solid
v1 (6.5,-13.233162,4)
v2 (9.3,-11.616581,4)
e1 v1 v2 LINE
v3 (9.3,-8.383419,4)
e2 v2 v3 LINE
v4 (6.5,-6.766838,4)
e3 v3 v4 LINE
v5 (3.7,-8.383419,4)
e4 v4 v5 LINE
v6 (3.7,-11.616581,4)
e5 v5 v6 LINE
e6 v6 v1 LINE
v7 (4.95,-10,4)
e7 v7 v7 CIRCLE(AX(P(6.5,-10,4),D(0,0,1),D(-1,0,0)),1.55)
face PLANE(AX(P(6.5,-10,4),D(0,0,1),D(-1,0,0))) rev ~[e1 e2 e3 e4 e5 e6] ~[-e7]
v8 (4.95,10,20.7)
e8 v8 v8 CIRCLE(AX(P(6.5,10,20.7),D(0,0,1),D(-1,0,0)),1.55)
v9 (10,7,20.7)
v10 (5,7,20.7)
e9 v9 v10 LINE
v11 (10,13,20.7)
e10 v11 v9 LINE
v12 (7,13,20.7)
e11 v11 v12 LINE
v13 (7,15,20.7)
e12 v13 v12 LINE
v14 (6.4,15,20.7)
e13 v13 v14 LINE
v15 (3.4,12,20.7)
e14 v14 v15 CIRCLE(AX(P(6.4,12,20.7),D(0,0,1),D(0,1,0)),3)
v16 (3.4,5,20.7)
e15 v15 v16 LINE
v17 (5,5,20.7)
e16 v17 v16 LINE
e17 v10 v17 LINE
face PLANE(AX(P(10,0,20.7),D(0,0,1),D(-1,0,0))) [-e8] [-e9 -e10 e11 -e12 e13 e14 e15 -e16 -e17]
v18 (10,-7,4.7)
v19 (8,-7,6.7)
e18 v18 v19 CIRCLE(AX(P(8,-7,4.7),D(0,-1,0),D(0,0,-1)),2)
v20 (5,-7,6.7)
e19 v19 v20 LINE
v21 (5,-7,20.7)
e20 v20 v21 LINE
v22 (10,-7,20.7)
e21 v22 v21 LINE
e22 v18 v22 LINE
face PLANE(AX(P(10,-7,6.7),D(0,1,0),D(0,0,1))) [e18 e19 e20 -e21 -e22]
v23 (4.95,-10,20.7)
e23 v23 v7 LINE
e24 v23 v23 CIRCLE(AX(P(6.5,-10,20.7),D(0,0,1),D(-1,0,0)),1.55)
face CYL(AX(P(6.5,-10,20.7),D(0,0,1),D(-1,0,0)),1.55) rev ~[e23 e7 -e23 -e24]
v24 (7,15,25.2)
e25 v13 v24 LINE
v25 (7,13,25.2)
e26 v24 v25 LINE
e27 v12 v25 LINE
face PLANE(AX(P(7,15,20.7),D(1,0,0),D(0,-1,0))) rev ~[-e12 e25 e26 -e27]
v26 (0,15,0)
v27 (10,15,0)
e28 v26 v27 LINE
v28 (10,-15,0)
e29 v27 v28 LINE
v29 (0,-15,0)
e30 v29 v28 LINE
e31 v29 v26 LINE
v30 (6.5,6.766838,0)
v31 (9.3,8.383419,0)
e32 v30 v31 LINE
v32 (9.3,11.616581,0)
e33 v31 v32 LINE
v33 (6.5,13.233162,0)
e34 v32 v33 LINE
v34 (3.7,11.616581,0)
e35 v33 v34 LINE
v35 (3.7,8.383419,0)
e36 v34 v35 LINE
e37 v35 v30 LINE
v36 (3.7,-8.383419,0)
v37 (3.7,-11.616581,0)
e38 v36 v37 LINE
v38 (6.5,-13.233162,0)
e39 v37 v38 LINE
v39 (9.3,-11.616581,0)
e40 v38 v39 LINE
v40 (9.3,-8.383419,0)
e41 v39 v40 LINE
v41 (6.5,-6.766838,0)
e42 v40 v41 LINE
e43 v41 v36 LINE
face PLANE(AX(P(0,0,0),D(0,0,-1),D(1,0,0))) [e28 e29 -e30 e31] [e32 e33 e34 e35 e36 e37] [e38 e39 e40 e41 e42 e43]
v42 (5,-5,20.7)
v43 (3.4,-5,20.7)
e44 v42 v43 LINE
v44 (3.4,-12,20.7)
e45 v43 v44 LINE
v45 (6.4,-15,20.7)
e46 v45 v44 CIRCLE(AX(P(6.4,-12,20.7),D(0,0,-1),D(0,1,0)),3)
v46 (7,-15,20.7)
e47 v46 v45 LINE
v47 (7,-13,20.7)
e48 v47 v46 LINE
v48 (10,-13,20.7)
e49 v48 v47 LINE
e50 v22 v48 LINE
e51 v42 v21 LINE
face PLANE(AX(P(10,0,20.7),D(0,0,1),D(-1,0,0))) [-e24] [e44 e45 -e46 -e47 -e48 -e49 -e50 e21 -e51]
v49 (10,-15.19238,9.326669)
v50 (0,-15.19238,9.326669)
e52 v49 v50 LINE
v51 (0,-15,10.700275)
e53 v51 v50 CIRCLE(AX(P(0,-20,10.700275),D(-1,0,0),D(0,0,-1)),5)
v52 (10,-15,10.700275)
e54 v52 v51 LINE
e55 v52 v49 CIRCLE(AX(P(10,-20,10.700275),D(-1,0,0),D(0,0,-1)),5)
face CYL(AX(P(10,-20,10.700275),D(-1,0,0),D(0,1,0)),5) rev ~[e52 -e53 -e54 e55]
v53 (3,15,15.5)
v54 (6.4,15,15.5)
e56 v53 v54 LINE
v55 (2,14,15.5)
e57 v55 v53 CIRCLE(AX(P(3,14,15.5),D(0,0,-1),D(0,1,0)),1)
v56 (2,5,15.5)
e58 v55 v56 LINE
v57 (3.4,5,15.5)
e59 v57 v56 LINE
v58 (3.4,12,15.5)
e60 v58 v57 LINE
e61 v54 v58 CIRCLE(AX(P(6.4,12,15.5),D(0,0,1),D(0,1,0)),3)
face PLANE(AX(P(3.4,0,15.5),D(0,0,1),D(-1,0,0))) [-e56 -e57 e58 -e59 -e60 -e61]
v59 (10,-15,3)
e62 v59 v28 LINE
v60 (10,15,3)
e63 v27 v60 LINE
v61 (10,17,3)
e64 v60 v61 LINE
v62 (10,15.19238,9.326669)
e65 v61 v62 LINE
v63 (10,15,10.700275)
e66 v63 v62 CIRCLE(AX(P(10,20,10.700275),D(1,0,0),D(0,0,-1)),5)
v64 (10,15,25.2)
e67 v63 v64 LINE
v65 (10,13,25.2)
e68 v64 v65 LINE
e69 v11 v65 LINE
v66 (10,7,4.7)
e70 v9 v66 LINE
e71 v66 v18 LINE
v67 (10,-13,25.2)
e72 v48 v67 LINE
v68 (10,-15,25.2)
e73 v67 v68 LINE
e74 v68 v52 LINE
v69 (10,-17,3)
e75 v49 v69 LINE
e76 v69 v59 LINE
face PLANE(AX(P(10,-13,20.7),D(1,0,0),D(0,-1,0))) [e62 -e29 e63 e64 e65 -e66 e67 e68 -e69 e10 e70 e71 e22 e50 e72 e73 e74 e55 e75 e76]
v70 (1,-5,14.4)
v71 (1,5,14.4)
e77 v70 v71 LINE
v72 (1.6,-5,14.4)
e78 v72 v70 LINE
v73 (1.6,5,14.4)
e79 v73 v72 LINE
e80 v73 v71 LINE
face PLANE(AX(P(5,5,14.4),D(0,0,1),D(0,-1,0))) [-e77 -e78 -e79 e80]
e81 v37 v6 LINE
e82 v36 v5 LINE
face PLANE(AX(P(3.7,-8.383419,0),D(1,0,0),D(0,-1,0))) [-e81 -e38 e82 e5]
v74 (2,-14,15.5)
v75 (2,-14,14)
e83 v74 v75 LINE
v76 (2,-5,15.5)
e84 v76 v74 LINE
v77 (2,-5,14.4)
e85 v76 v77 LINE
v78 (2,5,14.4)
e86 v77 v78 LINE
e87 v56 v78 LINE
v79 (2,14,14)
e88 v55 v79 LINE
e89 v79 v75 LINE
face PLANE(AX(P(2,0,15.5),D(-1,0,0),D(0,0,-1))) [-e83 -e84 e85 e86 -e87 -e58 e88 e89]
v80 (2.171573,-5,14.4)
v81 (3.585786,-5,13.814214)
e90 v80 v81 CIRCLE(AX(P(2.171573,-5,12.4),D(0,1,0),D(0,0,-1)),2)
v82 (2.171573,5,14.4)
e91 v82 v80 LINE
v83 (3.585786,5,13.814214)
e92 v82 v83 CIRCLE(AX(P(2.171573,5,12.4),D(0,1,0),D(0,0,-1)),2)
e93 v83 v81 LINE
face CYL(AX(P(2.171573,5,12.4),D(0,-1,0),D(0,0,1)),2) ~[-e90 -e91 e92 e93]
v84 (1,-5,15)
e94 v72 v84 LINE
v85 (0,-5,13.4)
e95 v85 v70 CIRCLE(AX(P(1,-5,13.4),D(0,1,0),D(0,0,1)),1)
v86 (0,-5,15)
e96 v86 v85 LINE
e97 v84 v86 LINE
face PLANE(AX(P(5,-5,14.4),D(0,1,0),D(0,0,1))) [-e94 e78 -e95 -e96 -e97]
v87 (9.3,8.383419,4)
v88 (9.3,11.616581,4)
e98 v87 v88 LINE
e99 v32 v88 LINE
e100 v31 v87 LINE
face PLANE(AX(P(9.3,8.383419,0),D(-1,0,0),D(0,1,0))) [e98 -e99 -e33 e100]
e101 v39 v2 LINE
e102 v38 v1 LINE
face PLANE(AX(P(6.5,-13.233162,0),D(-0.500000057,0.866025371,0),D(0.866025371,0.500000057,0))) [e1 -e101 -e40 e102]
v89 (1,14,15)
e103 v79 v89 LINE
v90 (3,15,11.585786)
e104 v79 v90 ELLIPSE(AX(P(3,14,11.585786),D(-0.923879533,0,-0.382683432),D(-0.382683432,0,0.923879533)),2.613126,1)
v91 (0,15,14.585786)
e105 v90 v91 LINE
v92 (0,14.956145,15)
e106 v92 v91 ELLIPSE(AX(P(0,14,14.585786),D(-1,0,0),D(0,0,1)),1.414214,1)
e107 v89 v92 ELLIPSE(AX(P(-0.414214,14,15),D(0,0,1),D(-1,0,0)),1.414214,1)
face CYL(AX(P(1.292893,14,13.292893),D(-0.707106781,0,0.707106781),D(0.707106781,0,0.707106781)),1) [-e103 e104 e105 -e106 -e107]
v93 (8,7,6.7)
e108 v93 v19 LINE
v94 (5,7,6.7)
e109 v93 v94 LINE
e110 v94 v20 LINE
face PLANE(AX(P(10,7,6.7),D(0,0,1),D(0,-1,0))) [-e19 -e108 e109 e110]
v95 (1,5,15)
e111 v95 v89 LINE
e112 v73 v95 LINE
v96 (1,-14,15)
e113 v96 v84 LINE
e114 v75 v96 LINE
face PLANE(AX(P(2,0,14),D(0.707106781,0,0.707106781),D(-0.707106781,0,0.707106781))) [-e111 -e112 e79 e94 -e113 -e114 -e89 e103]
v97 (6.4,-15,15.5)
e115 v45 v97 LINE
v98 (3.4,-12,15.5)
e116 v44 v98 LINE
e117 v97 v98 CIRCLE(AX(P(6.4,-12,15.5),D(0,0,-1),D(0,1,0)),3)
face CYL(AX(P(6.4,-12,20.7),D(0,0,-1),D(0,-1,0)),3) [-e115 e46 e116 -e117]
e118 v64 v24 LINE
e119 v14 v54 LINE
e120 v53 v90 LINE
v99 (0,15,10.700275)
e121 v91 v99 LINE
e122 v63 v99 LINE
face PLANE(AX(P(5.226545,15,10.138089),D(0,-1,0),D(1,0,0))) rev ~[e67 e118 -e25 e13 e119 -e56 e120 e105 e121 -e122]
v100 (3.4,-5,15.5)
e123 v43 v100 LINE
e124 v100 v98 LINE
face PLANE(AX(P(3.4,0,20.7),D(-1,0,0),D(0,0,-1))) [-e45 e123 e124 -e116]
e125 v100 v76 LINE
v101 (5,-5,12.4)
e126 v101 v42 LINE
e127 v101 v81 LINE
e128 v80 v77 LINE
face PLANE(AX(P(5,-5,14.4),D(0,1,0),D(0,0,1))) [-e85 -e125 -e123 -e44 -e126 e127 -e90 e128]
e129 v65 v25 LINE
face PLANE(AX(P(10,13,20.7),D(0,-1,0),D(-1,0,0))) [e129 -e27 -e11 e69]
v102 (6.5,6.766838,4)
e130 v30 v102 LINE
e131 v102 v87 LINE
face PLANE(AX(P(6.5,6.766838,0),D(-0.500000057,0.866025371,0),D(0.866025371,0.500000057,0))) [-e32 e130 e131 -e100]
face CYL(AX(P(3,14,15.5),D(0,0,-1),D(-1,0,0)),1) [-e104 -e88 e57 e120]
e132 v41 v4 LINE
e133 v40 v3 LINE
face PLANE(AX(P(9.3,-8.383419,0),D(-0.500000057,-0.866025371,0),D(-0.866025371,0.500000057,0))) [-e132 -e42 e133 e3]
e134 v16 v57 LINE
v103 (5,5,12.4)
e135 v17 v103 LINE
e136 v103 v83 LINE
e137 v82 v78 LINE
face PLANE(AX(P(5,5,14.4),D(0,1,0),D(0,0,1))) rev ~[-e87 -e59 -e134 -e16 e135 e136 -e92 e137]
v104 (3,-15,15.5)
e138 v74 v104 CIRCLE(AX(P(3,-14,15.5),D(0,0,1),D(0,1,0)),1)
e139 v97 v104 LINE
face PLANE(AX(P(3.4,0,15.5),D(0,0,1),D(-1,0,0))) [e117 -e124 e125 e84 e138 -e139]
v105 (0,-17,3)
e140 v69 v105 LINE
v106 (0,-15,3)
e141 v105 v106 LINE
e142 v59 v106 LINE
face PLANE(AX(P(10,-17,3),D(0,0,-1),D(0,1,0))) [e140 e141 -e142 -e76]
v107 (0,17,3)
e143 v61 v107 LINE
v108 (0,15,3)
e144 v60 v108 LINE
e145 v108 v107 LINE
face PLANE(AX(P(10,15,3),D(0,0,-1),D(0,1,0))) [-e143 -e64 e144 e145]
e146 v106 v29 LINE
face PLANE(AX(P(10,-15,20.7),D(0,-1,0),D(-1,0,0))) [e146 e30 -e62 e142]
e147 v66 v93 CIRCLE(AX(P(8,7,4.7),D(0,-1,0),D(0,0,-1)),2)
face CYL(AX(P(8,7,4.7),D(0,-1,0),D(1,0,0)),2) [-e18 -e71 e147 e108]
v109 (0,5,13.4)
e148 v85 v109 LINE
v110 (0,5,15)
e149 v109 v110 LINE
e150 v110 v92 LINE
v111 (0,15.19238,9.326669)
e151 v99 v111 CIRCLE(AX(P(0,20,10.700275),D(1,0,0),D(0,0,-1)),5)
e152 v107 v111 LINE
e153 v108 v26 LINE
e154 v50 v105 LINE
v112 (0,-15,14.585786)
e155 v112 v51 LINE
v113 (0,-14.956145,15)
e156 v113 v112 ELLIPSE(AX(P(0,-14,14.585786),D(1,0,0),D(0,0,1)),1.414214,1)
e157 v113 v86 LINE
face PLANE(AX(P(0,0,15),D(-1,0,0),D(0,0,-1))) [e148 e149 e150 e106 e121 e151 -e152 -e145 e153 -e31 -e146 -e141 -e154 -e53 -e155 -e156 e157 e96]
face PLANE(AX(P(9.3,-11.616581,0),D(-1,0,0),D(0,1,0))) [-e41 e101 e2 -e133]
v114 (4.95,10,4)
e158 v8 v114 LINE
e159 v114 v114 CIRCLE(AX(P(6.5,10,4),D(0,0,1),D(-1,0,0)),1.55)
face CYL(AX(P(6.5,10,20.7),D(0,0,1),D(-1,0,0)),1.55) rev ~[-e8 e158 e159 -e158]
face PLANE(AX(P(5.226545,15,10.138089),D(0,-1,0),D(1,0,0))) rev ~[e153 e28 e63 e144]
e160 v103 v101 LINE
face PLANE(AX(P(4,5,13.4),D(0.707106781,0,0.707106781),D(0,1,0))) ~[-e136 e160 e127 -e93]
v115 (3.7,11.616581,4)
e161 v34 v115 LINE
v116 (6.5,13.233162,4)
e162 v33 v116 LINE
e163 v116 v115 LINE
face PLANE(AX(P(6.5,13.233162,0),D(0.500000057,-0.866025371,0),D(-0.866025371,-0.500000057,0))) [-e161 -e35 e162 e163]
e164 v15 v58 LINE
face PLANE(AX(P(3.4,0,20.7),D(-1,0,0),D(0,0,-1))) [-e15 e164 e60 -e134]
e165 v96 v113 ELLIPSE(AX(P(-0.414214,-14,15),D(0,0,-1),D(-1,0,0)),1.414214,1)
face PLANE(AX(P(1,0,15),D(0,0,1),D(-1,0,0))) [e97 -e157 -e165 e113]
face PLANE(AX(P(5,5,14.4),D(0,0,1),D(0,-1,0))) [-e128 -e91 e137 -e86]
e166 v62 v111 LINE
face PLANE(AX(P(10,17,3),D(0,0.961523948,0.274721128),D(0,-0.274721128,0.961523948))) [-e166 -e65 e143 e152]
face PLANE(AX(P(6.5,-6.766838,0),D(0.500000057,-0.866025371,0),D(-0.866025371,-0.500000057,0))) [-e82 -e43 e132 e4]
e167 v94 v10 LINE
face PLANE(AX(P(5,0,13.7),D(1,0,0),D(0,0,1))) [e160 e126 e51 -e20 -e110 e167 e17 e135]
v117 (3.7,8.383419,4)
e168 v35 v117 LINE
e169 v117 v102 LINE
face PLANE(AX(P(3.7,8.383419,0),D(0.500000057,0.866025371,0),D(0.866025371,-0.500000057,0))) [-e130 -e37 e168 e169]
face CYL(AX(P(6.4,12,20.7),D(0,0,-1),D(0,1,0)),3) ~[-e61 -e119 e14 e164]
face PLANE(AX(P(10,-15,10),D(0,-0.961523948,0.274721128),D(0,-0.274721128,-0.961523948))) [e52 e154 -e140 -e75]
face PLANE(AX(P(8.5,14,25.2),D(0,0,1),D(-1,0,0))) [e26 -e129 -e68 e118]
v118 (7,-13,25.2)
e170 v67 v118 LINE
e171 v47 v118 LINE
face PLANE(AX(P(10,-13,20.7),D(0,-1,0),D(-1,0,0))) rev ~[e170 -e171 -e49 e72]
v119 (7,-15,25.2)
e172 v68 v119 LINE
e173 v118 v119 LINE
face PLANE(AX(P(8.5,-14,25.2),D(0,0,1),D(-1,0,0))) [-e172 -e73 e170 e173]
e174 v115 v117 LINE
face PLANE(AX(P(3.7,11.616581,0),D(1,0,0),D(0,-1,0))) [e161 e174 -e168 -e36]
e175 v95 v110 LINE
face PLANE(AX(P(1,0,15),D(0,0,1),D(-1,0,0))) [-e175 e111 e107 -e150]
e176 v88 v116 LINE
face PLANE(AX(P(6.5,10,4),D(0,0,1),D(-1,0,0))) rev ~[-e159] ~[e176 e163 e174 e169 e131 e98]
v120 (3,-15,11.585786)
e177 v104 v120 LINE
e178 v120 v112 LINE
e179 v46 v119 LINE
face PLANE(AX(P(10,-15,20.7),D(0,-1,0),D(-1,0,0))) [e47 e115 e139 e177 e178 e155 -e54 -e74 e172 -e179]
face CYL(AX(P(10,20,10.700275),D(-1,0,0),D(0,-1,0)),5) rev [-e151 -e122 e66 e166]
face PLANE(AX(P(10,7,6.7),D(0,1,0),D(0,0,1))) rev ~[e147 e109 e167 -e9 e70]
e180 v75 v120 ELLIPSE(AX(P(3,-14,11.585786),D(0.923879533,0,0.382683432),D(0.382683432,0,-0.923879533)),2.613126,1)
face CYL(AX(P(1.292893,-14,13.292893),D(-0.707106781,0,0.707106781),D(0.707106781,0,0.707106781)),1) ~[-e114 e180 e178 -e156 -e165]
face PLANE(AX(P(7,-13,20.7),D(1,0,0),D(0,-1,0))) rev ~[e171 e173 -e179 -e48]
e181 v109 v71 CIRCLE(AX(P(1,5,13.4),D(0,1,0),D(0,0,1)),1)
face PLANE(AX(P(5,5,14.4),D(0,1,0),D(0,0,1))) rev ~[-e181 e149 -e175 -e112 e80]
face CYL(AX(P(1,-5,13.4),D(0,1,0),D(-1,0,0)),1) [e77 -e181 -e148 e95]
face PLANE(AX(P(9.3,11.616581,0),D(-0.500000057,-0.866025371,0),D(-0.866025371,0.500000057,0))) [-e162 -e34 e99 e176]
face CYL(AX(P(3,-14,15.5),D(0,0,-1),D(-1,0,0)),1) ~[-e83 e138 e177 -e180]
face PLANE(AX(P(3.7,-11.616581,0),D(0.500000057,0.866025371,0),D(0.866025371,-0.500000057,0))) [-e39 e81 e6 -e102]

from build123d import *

# Parameters (mm, degrees)
PAD_DEPTH       = 15
SKETCH022_W     = 3
SKETCH022_H     = 2
PAD003_DEPTH    = 4.5
SKETCH024_W     = 14
SKETCH024_H     = 14
POCKET001_DEPTH = 5
SKETCH025_W     = 6.3
SKETCH025_H     = 10
POCKET002_DEPTH = 5.001
SKETCH028_R     = 1.55
POCKET005_DEPTH = 20.701
POCKET006_DEPTH = 4
CHAMFER001_SIZE = 2
FILLET001_R     = 2
FILLET006_R     = 1
FILLET008_R     = 1
FILLET009_R     = 3
FILLET010_R     = 2
PAD005_DEPTH    = 10
FILLET011_R     = 5


with BuildPart() as part:
    # Sketch → Pad (new body, symmetric)
    with BuildSketch(Plane.XZ):
        Polygon((0, 0), (10, 0), (10, 20.7), (3.4, 20.7), (3.4, 15.5), (2, 15.5), (2, 14), (1, 15), (0, 15), align=None)
    extrude(amount=PAD_DEPTH, both=True)

    # Sketch022 → Pad003 (new body)
    with BuildSketch(Plane(origin=(0, 0, 20.7), x_dir=(-1, 0, 0), z_dir=(0, 0, 1))):
        with Locations((-8.5, 14)):
            Rectangle(SKETCH022_W, SKETCH022_H)
        with Locations((-8.5, -14)):
            Rectangle(SKETCH022_W, SKETCH022_H)
    extrude(amount=PAD003_DEPTH)

    # Sketch024 → Pocket001 (cut)
    with BuildSketch(Plane(origin=(10, 0, 0), x_dir=(0, 0, 1), z_dir=(1, 0, 0))):
        with Locations((13.7, 0)):
            Rectangle(SKETCH024_W, SKETCH024_H)
    extrude(amount=-POCKET001_DEPTH, mode=Mode.SUBTRACT)

    # Sketch025 → Pocket002 (cut, through all)
    with BuildSketch(Plane(origin=(5, 0, 0), x_dir=(0, 0, 1), z_dir=(1, 0, 0))):
        with Locations((17.55, 0)):
            Rectangle(SKETCH025_W, SKETCH025_H)
    extrude(amount=-POCKET002_DEPTH, mode=Mode.SUBTRACT)

    # Sketch028 → Pocket005 (cut, through all)
    with BuildSketch(Plane(origin=(0, 0, 20.7), x_dir=(-1, 0, 0), z_dir=(0, 0, 1))):
        with Locations((-6.5, 10)):
            Circle(SKETCH028_R)
        with Locations((-6.5, -10)):
            Circle(SKETCH028_R)
    extrude(amount=-POCKET005_DEPTH, mode=Mode.SUBTRACT)

    # Sketch029 → Pocket006 (cut)
    with BuildSketch(Plane(origin=(0, 0, 0), x_dir=(1, 0, 0), z_dir=(0, 0, -1))):
        Polygon((9.3, 11.616581), (9.3, 8.383419), (6.5, 6.766838), (3.7, 8.383419), (3.7, 11.616581), (6.5, 13.233162), align=None)
        Polygon((6.5, -6.766838), (9.3, -8.383419), (9.3, -11.616581), (6.5, -13.233162), (3.7, -11.616581), (3.7, -8.383419), align=None)
    extrude(amount=-POCKET006_DEPTH, mode=Mode.SUBTRACT)

    # Chamfer001
    chamfer001_edges = [part.edges().sort_by_distance(p)[0] for p in [
        (5, 0, 14.4),
    ]]
    chamfer(chamfer001_edges, length=CHAMFER001_SIZE)

    # Fillet001
    fillet001_edges = [part.edges().sort_by_distance(p)[0] for p in [
        (3, 0, 14.4),
    ]]
    fillet(fillet001_edges, radius=FILLET001_R)

    # Fillet006
    fillet006_edges = [part.edges().sort_by_distance(p)[0] for p in [
        (0, 0, 14.4),
    ]]
    fillet(fillet006_edges, radius=FILLET006_R)

    # Fillet008
    fillet008_edges = [part.edges().sort_by_distance(p)[0] for p in [
        (2, -15, 14.75),
        (1.5, -15, 14.5),
        (1.5, 15, 14.5),
        (2, 15, 14.75),
    ]]
    fillet(fillet008_edges, radius=FILLET008_R)

    # Fillet009
    fillet009_edges = [part.edges().sort_by_distance(p)[0] for p in [
        (3.4, -15, 18.1),
        (3.4, 15, 18.1),
    ]]
    fillet(fillet009_edges, radius=FILLET009_R)

    # Fillet010
    fillet010_edges = [part.edges().sort_by_distance(p)[0] for p in [
        (10, 0, 6.7),
    ]]
    fillet(fillet010_edges, radius=FILLET010_R)

    # Sketch030 → Pad005 (new body)
    with BuildSketch(Plane(origin=(10, 0, 0), x_dir=(0, 0, 1), z_dir=(1, 0, 0))):
        Polygon((3, 15), (10, 15), (3, 17), align=None)
        Polygon((3, -17), (10, -15), (3, -15), align=None)
    extrude(amount=-PAD005_DEPTH)

    # Fillet011
    fillet011_edges = [part.edges().sort_by_distance(p)[0] for p in [
        (5, -15, 10),
        (5, 15, 10),
    ]]
    fillet(fillet011_edges, radius=FILLET011_R)


solid = part.part
